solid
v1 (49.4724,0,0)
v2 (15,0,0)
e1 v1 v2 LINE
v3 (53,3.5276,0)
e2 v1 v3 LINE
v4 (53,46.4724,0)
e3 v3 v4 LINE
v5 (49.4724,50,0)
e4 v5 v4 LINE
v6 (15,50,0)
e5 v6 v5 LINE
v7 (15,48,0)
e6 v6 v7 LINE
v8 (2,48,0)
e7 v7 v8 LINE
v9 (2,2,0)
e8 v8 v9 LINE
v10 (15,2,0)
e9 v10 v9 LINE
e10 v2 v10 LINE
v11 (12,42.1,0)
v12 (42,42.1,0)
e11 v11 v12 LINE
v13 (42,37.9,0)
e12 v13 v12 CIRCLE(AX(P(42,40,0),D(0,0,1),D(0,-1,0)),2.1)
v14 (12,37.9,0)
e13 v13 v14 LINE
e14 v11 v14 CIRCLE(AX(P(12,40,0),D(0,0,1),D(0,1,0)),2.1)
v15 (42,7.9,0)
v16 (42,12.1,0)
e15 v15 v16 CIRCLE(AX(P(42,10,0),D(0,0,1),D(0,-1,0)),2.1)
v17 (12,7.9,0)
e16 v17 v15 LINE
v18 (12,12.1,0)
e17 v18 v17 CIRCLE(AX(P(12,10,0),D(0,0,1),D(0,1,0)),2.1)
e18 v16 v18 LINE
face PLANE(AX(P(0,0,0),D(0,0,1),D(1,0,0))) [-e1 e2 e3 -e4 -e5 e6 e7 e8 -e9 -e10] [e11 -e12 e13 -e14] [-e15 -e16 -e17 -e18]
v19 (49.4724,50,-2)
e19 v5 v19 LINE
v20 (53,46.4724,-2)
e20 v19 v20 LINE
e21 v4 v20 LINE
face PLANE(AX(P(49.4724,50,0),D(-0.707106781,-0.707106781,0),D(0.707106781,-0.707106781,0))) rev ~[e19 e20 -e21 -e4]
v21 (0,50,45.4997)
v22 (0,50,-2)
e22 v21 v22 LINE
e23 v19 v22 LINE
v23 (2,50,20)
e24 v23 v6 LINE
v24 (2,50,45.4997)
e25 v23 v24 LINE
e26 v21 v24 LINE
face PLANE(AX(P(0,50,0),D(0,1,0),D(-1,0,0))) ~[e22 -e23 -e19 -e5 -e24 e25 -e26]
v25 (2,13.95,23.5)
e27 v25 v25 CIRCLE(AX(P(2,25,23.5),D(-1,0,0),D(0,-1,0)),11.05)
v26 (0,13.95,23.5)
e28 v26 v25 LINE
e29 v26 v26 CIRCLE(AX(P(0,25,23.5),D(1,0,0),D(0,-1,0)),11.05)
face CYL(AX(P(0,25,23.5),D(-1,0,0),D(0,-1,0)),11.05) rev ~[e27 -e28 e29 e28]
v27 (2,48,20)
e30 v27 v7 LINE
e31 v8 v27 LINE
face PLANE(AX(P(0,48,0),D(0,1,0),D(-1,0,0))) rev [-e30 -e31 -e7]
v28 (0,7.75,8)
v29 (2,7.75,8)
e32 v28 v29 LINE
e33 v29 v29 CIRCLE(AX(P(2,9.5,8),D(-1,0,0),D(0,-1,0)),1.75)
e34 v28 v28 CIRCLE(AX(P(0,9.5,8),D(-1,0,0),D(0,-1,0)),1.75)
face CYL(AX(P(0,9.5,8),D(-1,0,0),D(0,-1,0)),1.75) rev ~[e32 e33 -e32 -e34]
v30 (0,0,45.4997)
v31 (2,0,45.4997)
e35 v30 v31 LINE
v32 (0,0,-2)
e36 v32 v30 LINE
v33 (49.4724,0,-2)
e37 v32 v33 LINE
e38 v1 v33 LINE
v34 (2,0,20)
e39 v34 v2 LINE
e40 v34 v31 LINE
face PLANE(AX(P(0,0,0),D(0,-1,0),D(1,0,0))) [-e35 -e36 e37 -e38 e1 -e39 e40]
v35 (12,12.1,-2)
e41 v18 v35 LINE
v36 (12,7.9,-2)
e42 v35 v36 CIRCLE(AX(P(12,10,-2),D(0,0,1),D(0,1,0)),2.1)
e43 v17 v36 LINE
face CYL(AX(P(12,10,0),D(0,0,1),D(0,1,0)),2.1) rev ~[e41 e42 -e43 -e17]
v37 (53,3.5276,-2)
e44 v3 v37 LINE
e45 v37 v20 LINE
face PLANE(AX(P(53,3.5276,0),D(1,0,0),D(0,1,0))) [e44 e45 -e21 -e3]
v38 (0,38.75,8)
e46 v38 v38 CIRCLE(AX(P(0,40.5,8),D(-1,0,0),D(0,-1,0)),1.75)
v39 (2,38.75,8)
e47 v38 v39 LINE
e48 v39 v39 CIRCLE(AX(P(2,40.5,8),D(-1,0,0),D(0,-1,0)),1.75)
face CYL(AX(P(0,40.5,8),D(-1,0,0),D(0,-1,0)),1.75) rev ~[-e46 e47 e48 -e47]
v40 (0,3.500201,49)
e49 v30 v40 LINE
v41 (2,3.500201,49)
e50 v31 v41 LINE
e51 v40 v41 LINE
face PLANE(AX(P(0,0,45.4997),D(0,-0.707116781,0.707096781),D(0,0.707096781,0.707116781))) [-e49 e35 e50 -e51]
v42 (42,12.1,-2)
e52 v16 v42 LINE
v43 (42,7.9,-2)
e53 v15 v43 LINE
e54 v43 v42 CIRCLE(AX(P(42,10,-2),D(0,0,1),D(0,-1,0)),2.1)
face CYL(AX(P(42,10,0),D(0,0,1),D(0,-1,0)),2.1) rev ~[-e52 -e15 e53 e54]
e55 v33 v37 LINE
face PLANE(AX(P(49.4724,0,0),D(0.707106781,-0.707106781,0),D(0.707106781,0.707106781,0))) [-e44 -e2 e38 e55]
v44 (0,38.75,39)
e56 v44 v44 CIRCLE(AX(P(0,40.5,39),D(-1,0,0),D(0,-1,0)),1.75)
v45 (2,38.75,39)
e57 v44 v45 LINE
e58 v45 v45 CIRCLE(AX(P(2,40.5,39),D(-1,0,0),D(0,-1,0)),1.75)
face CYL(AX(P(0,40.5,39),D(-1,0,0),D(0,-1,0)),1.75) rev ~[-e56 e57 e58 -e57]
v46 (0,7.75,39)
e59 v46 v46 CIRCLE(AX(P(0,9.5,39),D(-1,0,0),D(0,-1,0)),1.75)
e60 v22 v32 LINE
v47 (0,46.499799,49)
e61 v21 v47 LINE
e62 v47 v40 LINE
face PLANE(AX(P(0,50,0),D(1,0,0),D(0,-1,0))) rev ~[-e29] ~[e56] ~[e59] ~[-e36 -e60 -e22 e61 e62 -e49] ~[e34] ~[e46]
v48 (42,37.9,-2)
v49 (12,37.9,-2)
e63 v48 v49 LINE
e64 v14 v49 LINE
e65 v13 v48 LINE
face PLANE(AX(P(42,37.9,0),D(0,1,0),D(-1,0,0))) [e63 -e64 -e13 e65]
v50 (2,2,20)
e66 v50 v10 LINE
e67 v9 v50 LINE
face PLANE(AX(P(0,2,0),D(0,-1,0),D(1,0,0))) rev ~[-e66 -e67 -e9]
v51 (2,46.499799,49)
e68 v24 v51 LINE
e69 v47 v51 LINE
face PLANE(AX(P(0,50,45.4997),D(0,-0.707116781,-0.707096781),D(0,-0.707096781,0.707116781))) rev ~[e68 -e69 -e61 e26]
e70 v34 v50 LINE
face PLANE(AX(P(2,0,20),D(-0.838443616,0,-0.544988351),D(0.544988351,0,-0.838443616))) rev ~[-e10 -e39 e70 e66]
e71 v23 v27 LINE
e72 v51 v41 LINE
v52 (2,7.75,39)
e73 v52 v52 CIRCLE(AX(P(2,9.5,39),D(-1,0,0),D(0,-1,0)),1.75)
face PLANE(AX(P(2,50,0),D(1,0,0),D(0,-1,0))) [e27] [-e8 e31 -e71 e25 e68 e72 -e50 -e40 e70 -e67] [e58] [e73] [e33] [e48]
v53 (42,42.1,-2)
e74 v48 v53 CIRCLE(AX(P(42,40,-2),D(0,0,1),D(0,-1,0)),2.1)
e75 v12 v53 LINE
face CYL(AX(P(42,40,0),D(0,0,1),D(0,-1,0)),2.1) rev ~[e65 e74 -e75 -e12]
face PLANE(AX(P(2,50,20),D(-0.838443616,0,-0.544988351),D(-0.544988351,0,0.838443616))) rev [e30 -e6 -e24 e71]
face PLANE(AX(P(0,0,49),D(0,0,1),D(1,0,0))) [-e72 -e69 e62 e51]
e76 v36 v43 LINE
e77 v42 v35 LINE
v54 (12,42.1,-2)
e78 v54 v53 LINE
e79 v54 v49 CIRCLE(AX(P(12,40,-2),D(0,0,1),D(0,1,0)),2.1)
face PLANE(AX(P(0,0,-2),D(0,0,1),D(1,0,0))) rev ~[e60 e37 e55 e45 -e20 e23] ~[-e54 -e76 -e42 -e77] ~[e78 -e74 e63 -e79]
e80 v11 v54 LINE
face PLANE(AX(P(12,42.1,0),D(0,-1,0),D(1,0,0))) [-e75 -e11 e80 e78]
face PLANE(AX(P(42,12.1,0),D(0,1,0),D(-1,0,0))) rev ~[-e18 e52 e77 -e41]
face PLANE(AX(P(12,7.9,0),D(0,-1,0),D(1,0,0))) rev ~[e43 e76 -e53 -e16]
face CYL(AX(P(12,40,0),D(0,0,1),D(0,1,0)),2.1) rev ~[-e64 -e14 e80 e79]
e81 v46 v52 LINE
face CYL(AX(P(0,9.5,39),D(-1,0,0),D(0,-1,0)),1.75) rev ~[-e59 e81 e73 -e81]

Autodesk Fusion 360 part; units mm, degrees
sketch "Sketch1" plane through (0, 0, 0) normal (0, 0, 1) x (1, 0, 0)
  line L0 (0, 0) -> (53, 0)
  line L1 (53, 0) -> (53, 50)
  line L2 (53, 50) -> (0, 50)
  line L3 (0, 50) -> (0, 0)
  line L4 (12, 7.9) -> (42, 7.9)
  arc A0 (42, 7.9) -> (42, 12.1) centre (42, 10) ccw
  line L5 (42, 12.1) -> (12, 12.1)
  arc A1 (12, 12.1) -> (12, 7.9) centre (12, 10) ccw
  line L6 (12, 10) -> (42, 10) construction
  line L7 (0, 25) -> (53, 25) construction
  line L8 (42, 37.9) -> (12, 37.9)
  arc A2 (12, 42.1) -> (12, 37.9) centre (12, 40) ccw
  line L9 (12, 42.1) -> (42, 42.1)
  arc A3 (42, 37.9) -> (42, 42.1) centre (42, 40) ccw
  line L10 (49.4724, 50) -> (53.0079, 46.4645)
  line L11 (49.4724, 50) -> (52.8478, 50) construction
  line L12 (49.4724, 0) -> (53.0079, 3.5355)
  line L13 (0, 50) -> (2, 50)
  line L14 (2, 50) -> (2, 0)
  line L15 (2, 0) -> (0, 0)
  line L16 (0, 0) -> (0, 50)
  dimension "d1" = 53
  dimension "d2" = 50
  dimension "d3" = 4.2
  dimension "d4" = 11
  dimension "d5" = 10
  dimension "d6" = 30
  dimension "d9" = 45
  dimension "d10" = 5
extrude "Extrude1" add sketch "Sketch1" against normal blind 2 contours L0 L2 L3 L13 L14 L15 L16 | L0 L1 L2 L10 L12 L14
extrude "Extrude2" add sketch "Sketch1" along normal blind 49 contours L0 L2 L3 L13 L14 L15 L16
sketch "Sketch2" plane through (0, 0, 0) normal (-1, 0, 0) x (0, -1, 0)
  line L0 (-50, 49) -> (-50, -2)
  line L1 (-50, -2) -> (0, -2)
  line L2 (0, -2) -> (0, 49)
  line L3 (0, 49) -> (-50, 49)
  circle A0 centre (-25, 23.5) radius 11.05
  line L4 (-40.5, 39) -> (-9.5, 39) construction
  line L5 (-9.5, 39) -> (-9.5, 8) construction
  line L6 (-9.5, 8) -> (-40.5, 8) construction
  line L7 (-40.5, 8) -> (-40.5, 39) construction
  line L8 (-40.5, 39) -> (-9.5, 8) construction
  line L9 (-9.5, 39) -> (-40.5, 8) construction
  circle A1 centre (-40.5, 39) radius 1.75
  circle A2 centre (-9.5, 39) radius 1.75
  circle A3 centre (-40.5, 8) radius 1.75
  circle A4 centre (-9.5, 8) radius 1.75
  line L10 (-50, 45.4997) -> (-46.4645, 49.0353)
  line L11 (-50, 45.4997) -> (-45, 45.4997) construction
  line L12 (-25, 49) -> (-25, -2)
  line L13 (0, 45.4997) -> (-3.5355, 49.0353)
  point P0 (-25, 23.5)
  dimension "d13" = 22.1
  dimension "d14" = 31
  dimension "d15" = 31
  dimension "d16" = 3.5
  dimension "d17" = 3.5
  dimension "d18" = 3.5
  dimension "d19" = 3.5
  dimension "d20" = 45
  dimension "d21" = 5
extrude "Extrude3" cut sketch "Sketch2" against normal blind 2 contours L0 L3 L10 | L2 L3 L13 | A0 L12 | A0 L12 | A1 | A2 | A3 | A4
sketch "Sketch3" plane through (0, 0, 0) normal (0, -1, 0) x (1, 0, 0)
  line L0 (2, 45.4997) -> (0, 45.4997)
  line L1 (0, 45.4997) -> (0, -2)
  line L2 (0, -2) -> (49.4724, -2)
  line L3 (49.4724, -2) -> (49.4724, 0)
  line L4 (49.4724, 0) -> (2, 0)
  line L5 (2, 0) -> (2, 45.4997)
  line L6 (2, 0) -> (2, 20) construction
  line L7 (2, 0) -> (15, 0) construction
  line L8 (2, 20) -> (15, 0)
  dimension "d24" = 20
  dimension "d25" = 13
extrude "Extrude4" add sketch "Sketch3" against normal blind 2 contours L4 L5 L8
ref_plane "WorkPlane1" through (24.7362, 25, 21.7499) normal (0, -1, 0) x (-1, 0, 0)
mirror "Mirror1" about plane through (24.7362, 25, 21.7499) normal (0, -1, 0) of "Extrude4"
